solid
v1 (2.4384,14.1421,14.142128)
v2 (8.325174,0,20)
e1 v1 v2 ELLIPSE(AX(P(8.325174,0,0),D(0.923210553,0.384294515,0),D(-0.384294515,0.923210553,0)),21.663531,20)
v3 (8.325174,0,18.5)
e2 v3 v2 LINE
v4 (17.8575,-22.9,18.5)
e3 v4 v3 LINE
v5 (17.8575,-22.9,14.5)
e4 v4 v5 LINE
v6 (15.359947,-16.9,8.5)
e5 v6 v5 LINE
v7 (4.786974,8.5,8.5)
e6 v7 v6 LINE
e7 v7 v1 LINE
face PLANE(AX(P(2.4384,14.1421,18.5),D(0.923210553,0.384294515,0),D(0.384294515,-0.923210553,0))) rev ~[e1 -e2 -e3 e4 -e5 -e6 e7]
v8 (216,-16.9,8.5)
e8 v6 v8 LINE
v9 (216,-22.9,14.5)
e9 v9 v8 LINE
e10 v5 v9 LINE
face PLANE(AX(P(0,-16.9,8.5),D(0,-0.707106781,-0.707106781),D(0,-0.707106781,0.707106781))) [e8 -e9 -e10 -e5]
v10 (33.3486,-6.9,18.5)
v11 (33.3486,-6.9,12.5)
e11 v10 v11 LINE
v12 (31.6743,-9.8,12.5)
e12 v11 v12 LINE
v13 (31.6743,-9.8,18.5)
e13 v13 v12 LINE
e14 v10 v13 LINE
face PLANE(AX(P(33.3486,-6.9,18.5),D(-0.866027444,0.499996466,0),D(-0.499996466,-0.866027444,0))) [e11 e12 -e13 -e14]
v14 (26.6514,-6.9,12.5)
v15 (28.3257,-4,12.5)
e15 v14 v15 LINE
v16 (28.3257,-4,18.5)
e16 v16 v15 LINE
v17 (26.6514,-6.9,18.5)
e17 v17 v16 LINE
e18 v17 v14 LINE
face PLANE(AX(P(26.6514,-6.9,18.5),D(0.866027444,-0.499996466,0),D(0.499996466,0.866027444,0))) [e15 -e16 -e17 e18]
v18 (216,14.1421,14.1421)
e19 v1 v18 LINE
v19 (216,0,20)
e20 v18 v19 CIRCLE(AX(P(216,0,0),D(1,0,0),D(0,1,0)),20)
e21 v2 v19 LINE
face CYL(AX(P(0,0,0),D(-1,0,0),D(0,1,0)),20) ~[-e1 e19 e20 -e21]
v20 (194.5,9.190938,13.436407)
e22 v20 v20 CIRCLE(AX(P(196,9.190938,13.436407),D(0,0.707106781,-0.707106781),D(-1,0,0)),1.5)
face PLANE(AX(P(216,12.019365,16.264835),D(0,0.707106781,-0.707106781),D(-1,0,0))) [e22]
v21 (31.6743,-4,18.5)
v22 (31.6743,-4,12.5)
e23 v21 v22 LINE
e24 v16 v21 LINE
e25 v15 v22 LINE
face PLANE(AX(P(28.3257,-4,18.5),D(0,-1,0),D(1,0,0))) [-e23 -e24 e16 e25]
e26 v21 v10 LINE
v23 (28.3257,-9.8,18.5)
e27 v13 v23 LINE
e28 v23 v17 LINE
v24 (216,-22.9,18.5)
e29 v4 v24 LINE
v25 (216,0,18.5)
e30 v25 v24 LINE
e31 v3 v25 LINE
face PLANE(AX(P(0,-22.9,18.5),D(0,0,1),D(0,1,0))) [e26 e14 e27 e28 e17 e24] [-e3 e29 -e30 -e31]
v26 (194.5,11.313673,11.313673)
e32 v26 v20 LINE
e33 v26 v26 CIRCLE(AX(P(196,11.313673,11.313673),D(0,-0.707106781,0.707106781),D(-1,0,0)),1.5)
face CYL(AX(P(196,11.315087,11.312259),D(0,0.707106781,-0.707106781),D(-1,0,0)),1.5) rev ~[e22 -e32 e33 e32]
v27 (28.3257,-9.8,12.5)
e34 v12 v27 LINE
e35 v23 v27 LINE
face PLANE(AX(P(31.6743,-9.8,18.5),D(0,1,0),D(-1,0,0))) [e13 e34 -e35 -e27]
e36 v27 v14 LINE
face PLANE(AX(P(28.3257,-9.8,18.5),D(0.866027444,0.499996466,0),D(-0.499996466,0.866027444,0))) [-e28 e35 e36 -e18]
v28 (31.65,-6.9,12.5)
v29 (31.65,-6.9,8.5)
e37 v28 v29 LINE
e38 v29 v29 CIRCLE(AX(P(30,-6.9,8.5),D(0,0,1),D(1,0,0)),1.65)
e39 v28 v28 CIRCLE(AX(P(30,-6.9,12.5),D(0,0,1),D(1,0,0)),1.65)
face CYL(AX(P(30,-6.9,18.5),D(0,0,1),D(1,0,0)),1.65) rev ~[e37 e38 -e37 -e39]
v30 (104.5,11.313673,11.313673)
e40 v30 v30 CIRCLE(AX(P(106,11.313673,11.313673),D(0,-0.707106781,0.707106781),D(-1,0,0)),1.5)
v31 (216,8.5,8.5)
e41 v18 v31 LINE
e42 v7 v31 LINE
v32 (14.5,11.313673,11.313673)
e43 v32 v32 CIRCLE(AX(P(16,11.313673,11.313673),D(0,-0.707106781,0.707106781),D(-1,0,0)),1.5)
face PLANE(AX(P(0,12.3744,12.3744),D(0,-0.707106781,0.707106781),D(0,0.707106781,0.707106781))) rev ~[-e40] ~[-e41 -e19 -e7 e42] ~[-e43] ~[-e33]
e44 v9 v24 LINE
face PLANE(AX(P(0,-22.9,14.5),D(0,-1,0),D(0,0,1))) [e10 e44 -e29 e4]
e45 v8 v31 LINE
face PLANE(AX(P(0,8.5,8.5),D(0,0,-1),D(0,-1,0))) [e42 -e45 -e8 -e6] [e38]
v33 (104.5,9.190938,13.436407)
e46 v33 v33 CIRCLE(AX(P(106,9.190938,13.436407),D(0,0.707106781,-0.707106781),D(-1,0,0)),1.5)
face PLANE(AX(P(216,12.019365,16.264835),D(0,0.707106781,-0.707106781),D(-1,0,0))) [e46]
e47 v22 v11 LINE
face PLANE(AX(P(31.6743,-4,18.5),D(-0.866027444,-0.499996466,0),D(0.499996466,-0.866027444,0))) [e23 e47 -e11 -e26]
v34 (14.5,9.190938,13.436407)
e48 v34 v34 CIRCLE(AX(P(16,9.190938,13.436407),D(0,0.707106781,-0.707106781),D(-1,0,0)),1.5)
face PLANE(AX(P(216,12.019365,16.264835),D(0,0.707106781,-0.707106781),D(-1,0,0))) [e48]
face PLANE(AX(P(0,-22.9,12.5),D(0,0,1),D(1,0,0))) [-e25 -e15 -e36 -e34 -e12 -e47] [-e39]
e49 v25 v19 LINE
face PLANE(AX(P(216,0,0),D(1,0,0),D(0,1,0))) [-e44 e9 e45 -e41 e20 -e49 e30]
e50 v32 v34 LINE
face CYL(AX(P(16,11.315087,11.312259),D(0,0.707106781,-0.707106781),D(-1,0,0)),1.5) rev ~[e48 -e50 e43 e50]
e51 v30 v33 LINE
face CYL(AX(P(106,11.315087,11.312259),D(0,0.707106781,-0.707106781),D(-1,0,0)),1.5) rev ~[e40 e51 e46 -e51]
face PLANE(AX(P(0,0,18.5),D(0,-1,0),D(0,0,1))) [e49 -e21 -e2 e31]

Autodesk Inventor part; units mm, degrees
ref_plane "YZ Plane" through (0, 0, 0) normal (1, 0, 0) x (0, 1, 0)
ref_plane "XZ Plane" through (0, 0, 0) normal (0, 1, 0) x (-1, 0, 0)
ref_plane "XY Plane" through (0, 0, 0) normal (0, 0, 1) x (1, 0, 0)
sketch "Sketch1" plane through (0, 0, 0) normal (1, 0, 0) x (0, 1, 0)
  circle A0 centre (0, 0) radius 20
  line L0 (8.5, 8.5) -> (-16.9, 8.5)
  line L1 (8.5, 8.5) -> (8.5, -16.9)
  line L2 (0, 0) -> (0, 20)
  line L3 (0, 20) -> (-60.9241, 20)
  line L4 (-60.9241, 20) -> (-60.9241, 18.5)
  line L5 (-60.9241, 18.5) -> (0, 18.5)
  line L6 (0, 18.5) -> (0, 20)
  line L7 (0, 0) -> (14.1421, 14.1421)
  line L8 (0, 0) -> (20, 0)
  line L9 (-16.9, 8.5) -> (-16.9, 18.5)
  line L10 (-16.9, 8.5) -> (-22.9, 14.5)
  line L11 (-22.9, 14.5) -> (-22.9, 18.5)
  line L12 (12.3744, 12.3744) -> (12.1502, 13.2109)
  line L13 (11.3137, 13.435) -> (9.2071, 11.3284)
  line L14 (9.4313, 10.4919) -> (10.2678, 10.2678)
  line L15 (8.5, 8.5) -> (8.5, -16.9)
  line L16 (20, 0) -> (20, -60.9241)
  line L17 (20, -60.9241) -> (18.5, -60.9241)
  line L18 (18.5, -60.9241) -> (18.5, 0)
  line L19 (8.5, -16.9) -> (18.5, -16.9)
  line L20 (8.5, -16.9) -> (14.5, -22.9)
  line L21 (14.5, -22.9) -> (18.5, -22.9)
  arc A1 (9.2071, 11.3284) -> (9.4313, 10.4919) centre (9.5607, 10.9749) ccw
  arc A2 (12.1502, 13.2109) -> (11.3137, 13.435) centre (11.6673, 13.0815) ccw
  line L22 (10.4311, 10.4311) -> (9.483, 10.6851)
  arc A3 (9.3485, 11.187) -> (9.483, 10.6851) centre (9.5607, 10.9749) ccw
  line L23 (9.3485, 11.187) -> (11.4551, 13.2936)
  arc A4 (11.957, 13.1591) -> (11.4551, 13.2936) centre (11.6673, 13.0815) ccw
  line L24 (11.957, 13.1591) -> (12.2111, 12.2111)
  point P0 (0, 8.5)
  point P1 (-17.7041, 9.3041)
  point P2 (-16.9, 10.6953)
  dimension "d0" = 40
  dimension "d1" = 25.4
  dimension "d2" = 1.5
  dimension "d4" = 45
  dimension "d6" = 45
  dimension "d7" = 4
  dimension "d8" = 10
  dimension "d10" = 2.5
  dimension "d11" = 2.5
  dimension "d12" = 60
  dimension "d13" = 1.5
  dimension "d15" = 0.5
  dimension "d16" = 0.2
extrude "Extrusion1" add sketch "Sketch1" along normal blind 216 contours L7 L12 A2 L13 A1 L14 L0 L2 A0 | L7 L24 A4 L23 A3 L22 L14 A1 L13 A2 L12 | L5 L2 L0 L9 A0 | A0 L9 L5 | L7 L22 A3 L23 A4 L24 | L9 L10 A0 | A0 L10 L11 L5 L9
sketch "Sketch2" plane through (0, -22.9, 18.5) normal (0, 0, 1) x (1, 0, 0)
  line L0 (0, 22.9) -> (0, 0) projected
  line L1 (0, 0) -> (216, 0) projected
  line L2 (216, 22.9) -> (216, 0) projected
  line L3 (0, 22.9) -> (216, 22.9) projected
  line L4 (28.3257, 13.1) -> (26.6514, 16)
  line L5 (26.6514, 16) -> (28.3257, 18.9)
  line L6 (28.3257, 18.9) -> (31.6743, 18.9)
  line L7 (31.6743, 18.9) -> (33.3486, 16)
  line L8 (33.3486, 16) -> (31.6743, 13.1)
  line L9 (31.6743, 13.1) -> (28.3257, 13.1)
  line L10 (0, 6) -> (216, 6) projected
  circle A0 centre (30, 16) radius 1.65
  dimension "d20" = 10
  dimension "d21" = 5.8
  dimension "d22" = 30
  dimension "d25" = 3.3
extrude "Extrusion2" cut sketch "Sketch2" against normal blind 6 contours L4 L5 L6 L7 L8 L9 | A0
extrude "Extrusion3" cut sketch "Sketch2" against normal through all contours A0
sketch "Sketch3" plane through (0, -22.9, 18.5) normal (0, 0, 1) x (1, 0, 0)
  line L0 (0, 37.0421) -> (216, 37.0421) projected
  line L1 (0, 0) -> (216, 0) projected
  line L2 (0, 22.9) -> (0, 0) projected
  line L3 (0, 22.9) -> (0, 37.0421) projected
  line L4 (2.4384, 37.0421) -> (17.8575, 0)
  line L5 (0, 0) -> (216, 0) projected
  line L6 (2.4384, 37.0421) -> (0, 42.9) projected
  point P0 (0, 26.9698)
  dimension "d28" = 112.6
sketch "Sketch4" plane through (216, 14.1421, 14.1421) normal (0, 0.7071, -0.7071) x (-1, 0, 0)
  line L0 (216, 0) -> (0, 0) projected
  line L1 (0, -7.9792) -> (0, 0) projected
  line L2 (216, -7.9792) -> (0, -7.9792) projected
  circle A0 centre (20, -4) radius 1.5
  circle A1 centre (110, -4) radius 1.5
  circle A2 centre (200, -4) radius 1.5
  line L3 (216, -7.9792) -> (216, 0) projected
  point P0 (216, -20)
  dimension "d34" = 3
  dimension "d35" = 4
  dimension "d36" = 20
  dimension "d39" = 90
extrude "Extrusion5" cut sketch "Sketch4" against normal blind 3 contours A0 | A1 | A2
extrude "Extrusion6" cut sketch "Sketch3" along normal through all both and the other way through all
properties part number "ESQUINA_REDONDEADA_R20" material "Steel, Mild, Welded"
